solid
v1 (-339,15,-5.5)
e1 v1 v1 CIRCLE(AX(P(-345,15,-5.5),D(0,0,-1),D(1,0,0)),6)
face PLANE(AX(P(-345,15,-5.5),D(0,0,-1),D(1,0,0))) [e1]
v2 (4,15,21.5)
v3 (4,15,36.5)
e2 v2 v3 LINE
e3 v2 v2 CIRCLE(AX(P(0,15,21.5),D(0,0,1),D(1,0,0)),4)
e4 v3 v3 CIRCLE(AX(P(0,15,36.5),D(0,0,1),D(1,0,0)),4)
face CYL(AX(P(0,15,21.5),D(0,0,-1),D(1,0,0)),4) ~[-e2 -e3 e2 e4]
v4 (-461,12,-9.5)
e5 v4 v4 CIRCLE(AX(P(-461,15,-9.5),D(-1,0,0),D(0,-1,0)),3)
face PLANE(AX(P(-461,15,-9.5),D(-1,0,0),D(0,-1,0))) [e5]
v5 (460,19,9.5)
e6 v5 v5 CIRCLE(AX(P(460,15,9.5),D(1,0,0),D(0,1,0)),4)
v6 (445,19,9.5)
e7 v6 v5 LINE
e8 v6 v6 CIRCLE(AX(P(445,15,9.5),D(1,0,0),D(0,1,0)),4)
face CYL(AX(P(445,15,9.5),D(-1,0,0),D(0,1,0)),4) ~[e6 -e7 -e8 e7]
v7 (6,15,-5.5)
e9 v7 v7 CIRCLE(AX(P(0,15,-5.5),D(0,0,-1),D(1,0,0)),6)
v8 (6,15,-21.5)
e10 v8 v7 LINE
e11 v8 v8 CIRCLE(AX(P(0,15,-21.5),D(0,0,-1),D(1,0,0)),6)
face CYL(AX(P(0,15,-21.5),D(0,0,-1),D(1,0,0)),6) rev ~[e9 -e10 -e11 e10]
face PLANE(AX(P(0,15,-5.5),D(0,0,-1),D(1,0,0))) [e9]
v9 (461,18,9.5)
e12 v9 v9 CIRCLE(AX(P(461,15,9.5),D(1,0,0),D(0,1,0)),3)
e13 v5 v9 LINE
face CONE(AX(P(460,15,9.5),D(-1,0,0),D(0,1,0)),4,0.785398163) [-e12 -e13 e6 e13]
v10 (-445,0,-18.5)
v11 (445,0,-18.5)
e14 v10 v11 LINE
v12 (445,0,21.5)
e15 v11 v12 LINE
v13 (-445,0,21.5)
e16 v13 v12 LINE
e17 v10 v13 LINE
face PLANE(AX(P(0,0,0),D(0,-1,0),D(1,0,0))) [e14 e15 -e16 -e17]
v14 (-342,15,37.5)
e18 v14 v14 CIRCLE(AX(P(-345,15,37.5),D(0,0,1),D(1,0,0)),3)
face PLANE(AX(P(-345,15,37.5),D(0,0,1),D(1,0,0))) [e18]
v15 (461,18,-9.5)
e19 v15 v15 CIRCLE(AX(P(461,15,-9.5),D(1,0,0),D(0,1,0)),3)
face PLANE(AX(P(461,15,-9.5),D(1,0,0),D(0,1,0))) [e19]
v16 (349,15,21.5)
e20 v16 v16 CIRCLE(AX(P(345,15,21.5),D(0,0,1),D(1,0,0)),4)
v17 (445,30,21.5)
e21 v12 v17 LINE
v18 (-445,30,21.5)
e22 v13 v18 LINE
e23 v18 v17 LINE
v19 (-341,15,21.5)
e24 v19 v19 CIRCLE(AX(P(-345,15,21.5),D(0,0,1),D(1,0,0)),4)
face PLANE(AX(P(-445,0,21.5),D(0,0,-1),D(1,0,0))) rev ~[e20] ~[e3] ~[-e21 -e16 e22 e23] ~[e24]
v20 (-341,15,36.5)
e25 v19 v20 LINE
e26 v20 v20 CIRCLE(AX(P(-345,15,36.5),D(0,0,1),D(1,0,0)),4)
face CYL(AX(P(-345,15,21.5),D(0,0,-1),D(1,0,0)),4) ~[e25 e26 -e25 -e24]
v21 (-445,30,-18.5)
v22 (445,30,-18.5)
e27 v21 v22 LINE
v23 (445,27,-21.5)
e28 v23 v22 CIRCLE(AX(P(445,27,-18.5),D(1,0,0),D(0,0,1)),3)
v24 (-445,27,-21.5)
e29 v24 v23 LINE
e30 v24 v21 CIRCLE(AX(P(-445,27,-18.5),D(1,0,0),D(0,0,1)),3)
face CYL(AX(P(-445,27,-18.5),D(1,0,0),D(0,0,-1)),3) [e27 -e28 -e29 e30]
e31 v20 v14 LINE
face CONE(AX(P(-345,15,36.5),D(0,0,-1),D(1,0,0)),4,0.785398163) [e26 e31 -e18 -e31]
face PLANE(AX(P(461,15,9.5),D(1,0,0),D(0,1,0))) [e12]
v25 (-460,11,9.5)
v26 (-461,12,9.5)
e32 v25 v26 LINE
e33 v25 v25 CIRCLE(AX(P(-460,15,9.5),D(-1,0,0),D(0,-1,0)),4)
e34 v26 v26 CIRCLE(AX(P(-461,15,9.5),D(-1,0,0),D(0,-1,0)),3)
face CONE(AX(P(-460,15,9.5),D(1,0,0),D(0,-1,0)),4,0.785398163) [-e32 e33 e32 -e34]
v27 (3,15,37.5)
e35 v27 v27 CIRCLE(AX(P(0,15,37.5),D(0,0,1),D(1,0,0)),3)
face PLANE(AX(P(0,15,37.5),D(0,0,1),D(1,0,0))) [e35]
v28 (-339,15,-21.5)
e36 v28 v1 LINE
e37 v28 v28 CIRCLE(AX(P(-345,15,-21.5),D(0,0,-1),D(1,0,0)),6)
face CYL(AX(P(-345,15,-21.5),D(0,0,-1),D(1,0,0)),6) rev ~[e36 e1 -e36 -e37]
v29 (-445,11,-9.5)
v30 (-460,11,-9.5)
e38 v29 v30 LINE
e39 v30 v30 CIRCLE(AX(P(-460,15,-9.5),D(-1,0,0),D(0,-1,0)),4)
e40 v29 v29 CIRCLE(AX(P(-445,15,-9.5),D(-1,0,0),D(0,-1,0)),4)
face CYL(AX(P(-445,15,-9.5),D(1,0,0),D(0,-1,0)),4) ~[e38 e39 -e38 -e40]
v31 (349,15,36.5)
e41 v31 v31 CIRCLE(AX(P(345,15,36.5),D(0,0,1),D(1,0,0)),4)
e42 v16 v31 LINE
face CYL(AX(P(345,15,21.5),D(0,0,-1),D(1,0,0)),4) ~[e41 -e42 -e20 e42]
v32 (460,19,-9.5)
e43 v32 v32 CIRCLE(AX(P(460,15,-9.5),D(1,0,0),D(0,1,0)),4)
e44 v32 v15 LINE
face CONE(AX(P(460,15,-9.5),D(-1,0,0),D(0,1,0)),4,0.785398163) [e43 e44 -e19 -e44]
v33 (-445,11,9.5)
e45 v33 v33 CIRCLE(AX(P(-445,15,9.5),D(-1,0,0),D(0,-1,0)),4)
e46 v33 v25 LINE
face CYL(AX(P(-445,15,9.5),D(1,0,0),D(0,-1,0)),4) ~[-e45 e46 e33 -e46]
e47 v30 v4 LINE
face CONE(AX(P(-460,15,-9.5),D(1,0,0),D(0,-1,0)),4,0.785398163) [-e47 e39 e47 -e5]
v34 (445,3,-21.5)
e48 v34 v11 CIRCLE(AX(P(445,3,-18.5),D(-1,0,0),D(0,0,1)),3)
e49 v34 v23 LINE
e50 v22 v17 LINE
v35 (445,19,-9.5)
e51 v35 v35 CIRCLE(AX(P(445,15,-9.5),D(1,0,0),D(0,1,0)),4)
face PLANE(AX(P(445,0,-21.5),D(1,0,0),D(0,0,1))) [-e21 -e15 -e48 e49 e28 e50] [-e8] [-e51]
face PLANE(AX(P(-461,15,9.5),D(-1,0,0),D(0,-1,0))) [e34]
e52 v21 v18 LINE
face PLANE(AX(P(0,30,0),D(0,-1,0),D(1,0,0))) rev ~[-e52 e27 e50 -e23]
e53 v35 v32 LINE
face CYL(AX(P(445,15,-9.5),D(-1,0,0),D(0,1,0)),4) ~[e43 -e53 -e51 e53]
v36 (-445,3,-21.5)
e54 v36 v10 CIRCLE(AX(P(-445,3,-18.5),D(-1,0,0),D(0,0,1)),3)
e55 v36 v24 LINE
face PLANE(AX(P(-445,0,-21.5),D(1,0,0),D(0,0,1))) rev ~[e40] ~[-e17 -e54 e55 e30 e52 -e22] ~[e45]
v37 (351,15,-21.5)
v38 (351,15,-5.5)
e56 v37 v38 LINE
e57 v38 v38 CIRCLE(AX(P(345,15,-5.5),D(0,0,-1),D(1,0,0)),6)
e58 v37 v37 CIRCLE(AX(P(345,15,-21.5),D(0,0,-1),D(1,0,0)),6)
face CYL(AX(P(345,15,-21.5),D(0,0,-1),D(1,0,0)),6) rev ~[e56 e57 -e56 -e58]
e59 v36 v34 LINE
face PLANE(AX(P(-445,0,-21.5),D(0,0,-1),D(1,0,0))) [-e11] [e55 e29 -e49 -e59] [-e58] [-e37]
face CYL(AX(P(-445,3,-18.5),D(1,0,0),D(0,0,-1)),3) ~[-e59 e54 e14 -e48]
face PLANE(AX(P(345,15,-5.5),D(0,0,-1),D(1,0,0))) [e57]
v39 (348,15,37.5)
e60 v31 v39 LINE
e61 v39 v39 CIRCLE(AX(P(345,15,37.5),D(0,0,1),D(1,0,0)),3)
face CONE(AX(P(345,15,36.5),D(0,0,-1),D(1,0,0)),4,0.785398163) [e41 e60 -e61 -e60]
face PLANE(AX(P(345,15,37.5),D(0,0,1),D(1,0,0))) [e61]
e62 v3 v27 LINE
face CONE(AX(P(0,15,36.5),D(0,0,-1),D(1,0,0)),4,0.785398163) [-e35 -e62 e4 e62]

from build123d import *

# Parameters (mm, degrees)
F0_W      = 890
F0_H      = 43
F1_DEPTH  = 30
F2_R      = 4
F3_DEPTH  = 16
F4_SIZE   = 1
F5_R      = 4
F6_DEPTH  = 16
F7_SIZE   = 1
F8_R      = 3
F9_R      = 6
F10_DEPTH = 16
F11_R     = 4
F12_DEPTH = 16
F13_SIZE  = 1


with BuildPart() as f1:
    # F0 (on Front) → F1 (new body)
    with BuildSketch(Plane.XZ):
        Rectangle(F0_W, F0_H)
    extrude(amount=-F1_DEPTH)

    # F2 (on face) → F3 (join)
    with BuildSketch(Plane.YZ.offset(445)):
        with Locations((15, 9.5)):
            Circle(F2_R)
        with Locations((15, -9.5)):
            Circle(F2_R)
    extrude(amount=F3_DEPTH)

    # F4
    f4_edges = [f1.edges().sort_by_distance(p)[0] for p in [
        (461, 11, 9.5),
        (461, 11, -9.5),
    ]]
    chamfer(f4_edges, length=F4_SIZE)

    # F5 (on face) → F6 (join)
    with BuildSketch(Plane(origin=(-445, 0, 0), x_dir=(0, -1, 0), z_dir=(-1, 0, 0))):
        with Locations((-15, 9.5)):
            Circle(F5_R)
        with Locations((-15, -9.5)):
            Circle(F5_R)
    extrude(amount=F6_DEPTH)

    # F7
    f7_edges = [f1.edges().sort_by_distance(p)[0] for p in [
        (-461, 19, 9.5),
        (-461, 19, -9.5),
    ]]
    chamfer(f7_edges, length=F7_SIZE)

    # F8
    f8_edges = [f1.edges().sort_by_distance(p)[0] for p in [
        (0, 30, -21.5),
        (0, 0, -21.5),
    ]]
    fillet(f8_edges, radius=F8_R)

    # F9 (on face) → F10 (cut)
    with BuildSketch(Plane(origin=(0, 0, -21.5), x_dir=(1, 0, 0), z_dir=(0, 0, -1))):
        with Locations((-345, -15)):
            Circle(F9_R)
        with Locations((0, -15)):
            Circle(F9_R)
        with Locations((345, -15)):
            Circle(F9_R)
    extrude(amount=-F10_DEPTH, mode=Mode.SUBTRACT)

    # F11 (on face) → F12 (join)
    with BuildSketch(Plane.XY.offset(21.5)):
        with Locations((0, 15)):
            Circle(F11_R)
        with Locations((-345, 15)):
            Circle(F11_R)
        with Locations((345, 15)):
            Circle(F11_R)
    extrude(amount=F12_DEPTH)

    # F13
    f13_edges = [f1.edges().sort_by_distance(p)[0] for p in [
        (-349, 15, 37.5),
        (-4, 15, 37.5),
        (341, 15, 37.5),
    ]]
    chamfer(f13_edges, length=F13_SIZE)


solid = f1.part
